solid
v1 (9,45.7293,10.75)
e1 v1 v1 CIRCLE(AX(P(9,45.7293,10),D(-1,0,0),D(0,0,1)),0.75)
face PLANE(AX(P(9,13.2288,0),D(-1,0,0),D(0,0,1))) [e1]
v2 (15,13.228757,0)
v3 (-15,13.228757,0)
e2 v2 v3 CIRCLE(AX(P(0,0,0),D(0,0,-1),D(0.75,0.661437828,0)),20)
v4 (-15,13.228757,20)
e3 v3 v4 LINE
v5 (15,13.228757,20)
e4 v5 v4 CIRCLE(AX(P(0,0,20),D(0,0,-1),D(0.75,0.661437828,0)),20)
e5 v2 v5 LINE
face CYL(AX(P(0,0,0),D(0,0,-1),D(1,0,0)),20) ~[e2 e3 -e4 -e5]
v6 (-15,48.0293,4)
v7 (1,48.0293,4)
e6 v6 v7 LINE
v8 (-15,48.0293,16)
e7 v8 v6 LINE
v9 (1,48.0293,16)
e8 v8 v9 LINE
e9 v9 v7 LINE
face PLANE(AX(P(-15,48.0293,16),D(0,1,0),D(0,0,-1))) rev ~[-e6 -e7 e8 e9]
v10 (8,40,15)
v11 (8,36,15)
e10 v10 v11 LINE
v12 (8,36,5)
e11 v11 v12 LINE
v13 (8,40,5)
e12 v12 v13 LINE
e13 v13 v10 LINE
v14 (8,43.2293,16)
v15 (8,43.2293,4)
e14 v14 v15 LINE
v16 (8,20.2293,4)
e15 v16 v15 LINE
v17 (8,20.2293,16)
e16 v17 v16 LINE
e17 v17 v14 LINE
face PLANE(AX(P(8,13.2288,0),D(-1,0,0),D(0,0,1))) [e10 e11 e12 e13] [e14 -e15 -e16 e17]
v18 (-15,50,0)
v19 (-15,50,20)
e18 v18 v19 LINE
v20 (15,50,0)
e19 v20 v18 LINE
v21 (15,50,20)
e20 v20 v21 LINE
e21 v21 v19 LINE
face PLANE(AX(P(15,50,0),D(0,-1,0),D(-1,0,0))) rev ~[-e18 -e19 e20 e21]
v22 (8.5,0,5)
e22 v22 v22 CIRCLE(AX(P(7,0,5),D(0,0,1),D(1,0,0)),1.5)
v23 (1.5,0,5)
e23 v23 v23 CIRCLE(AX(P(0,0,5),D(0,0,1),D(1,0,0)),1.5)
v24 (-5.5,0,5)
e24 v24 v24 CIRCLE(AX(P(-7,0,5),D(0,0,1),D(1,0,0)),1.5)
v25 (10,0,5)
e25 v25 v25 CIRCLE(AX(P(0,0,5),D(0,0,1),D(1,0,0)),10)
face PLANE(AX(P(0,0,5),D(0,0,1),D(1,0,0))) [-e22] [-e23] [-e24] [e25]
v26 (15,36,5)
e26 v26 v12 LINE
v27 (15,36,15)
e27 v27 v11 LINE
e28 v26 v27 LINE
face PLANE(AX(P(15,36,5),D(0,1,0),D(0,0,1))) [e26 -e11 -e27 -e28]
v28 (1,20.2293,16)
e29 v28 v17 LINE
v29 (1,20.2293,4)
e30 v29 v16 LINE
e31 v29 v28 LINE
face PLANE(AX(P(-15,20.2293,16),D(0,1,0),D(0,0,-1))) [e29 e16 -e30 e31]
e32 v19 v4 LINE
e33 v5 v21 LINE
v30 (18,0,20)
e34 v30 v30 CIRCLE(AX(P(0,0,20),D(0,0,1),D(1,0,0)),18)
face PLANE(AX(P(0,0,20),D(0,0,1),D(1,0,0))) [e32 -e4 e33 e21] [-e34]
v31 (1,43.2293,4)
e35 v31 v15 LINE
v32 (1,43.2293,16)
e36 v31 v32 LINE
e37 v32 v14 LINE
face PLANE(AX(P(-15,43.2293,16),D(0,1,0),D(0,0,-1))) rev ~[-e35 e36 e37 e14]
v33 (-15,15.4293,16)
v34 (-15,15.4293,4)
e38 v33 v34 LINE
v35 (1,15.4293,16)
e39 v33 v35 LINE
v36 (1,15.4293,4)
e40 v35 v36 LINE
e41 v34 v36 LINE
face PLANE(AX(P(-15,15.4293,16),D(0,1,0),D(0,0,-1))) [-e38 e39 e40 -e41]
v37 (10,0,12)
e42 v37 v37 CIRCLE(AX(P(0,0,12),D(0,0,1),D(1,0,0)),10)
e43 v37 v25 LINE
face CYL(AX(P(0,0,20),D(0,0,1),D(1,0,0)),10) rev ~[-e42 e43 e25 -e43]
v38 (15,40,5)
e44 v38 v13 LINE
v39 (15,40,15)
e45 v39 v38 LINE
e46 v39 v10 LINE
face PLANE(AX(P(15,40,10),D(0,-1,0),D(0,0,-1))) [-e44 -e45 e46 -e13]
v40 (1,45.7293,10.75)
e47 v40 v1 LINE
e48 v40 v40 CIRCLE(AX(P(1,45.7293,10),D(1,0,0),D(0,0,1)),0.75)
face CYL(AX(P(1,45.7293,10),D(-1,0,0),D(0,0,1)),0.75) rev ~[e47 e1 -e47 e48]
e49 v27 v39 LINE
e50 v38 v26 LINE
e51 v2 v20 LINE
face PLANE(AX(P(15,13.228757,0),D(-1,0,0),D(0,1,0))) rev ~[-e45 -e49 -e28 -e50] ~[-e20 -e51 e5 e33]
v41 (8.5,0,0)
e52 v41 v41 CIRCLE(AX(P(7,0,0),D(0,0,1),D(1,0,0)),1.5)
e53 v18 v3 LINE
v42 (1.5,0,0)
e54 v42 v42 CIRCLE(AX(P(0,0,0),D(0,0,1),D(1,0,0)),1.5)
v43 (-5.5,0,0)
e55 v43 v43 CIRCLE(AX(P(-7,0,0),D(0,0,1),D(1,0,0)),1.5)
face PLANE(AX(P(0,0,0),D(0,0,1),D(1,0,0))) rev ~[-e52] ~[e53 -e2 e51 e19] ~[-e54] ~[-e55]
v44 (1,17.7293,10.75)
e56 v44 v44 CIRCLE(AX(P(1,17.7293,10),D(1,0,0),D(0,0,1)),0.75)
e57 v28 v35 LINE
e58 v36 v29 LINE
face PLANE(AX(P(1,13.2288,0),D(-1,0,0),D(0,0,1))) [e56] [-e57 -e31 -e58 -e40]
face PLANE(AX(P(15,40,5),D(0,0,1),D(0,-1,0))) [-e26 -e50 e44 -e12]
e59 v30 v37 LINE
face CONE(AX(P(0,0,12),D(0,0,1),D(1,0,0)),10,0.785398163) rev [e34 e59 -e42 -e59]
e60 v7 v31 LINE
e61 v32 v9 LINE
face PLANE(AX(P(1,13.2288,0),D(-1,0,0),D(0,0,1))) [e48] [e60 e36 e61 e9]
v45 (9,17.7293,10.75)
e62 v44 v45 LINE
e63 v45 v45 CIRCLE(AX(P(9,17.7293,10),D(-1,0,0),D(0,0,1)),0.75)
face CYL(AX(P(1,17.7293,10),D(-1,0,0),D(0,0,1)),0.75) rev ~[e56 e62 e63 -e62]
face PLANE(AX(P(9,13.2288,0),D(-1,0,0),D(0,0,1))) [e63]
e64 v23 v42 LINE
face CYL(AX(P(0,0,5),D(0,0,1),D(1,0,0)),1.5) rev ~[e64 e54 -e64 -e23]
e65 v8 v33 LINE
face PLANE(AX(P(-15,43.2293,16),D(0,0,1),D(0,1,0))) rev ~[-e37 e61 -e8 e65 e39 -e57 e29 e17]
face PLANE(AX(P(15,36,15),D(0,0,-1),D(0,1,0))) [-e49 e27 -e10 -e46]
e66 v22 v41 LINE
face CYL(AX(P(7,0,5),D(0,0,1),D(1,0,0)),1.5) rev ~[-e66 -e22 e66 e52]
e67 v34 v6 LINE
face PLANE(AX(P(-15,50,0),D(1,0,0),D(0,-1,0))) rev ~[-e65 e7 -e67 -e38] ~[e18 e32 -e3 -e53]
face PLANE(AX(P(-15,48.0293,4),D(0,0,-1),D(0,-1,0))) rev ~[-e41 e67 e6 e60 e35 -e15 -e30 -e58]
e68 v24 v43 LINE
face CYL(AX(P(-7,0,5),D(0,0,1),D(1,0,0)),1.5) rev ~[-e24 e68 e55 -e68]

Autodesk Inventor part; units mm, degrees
ref_plane "YZ Plane" through (0, 0, 0) normal (1, 0, 0) x (0, 1, 0)
ref_plane "XZ Plane" through (0, 0, 0) normal (0, 1, 0) x (-1, 0, 0)
ref_plane "XY Plane" through (0, 0, 0) normal (0, 0, 1) x (1, 0, 0)
sketch "Sketch1" plane through (0, 0, 0) normal (0, 0, 1) x (1, 0, 0)
  circle A0 centre (0, 0) radius 10
  circle A1 centre (0, 0) radius 20
  line L0 (-15, 0) -> (15, 0)
  line L1 (15, 0) -> (15, 50)
  line L2 (15, 50) -> (-15, 50)
  line L3 (-15, 50) -> (-15, 0)
  point P0 (-15, 13.2288)
  point P1 (15, 13.2288)
  dimension "d0" = 20
  dimension "d1" = 40
  dimension "d2" = 30
  dimension "d3" = 50
extrude "Extrusion1" add sketch "Sketch1" along normal blind 20
sketch "Sketch2" plane through (0, 0, 20) normal (0, 0, 1) x (1, 0, 0)
  circle A0 centre (0, 0) radius 10
  dimension "d6" = 20
extrude "Extrusion2" cut sketch "Sketch2" against normal blind 15
sketch "Sketch3" plane through (0, 0, 20) normal (0, 0, 1) x (1, 0, 0)
  circle A0 centre (0, 0) radius 10 projected
  line L0 (0, 0) -> (6, 0)
  line L1 (6, 0) -> (6, 17)
  line L2 (6, 17) -> (0, 17)
  line L3 (0, 17) -> (0, 0)
  line L4 (0, 0) -> (-6, 0)
  line L5 (-6, 0) -> (-6, 17)
  line L6 (-6, 17) -> (0, 17)
  line L7 (0, 17) -> (0, 0)
  dimension "d9" = 6
  dimension "d10" = 17
  dimension "d11" = 6
  dimension "d12" = 17
sketch "Sketch4" plane through (-15, 13.2288, 0) normal (-1, 0, 0) x (0, 0, 1)
  line L0 (0, 36.7712) -> (20, 36.7712) projected
  line L1 (0, 0) -> (0, 36.7712) projected
  line L2 (20, 36.7712) -> (0, 36.7712)
  line L3 (0, 36.7712) -> (0, 0)
  line L4 (0, 0) -> (20, 0)
  line L5 (20, 0) -> (20, 36.7712)
  line L6 (0, 0) -> (20, 0) projected
  line L7 (20, 36.7712) -> (10, 36.7712)
  line L8 (10, 36.7712) -> (10, 0)
  line L9 (10, 0) -> (20, 0)
  line L10 (20, 0) -> (20, 36.7712)
  line L11 (10, 0) -> (16, 0)
  line L12 (16, 0) -> (16, 25)
  line L13 (16, 25) -> (10, 25)
  line L14 (10, 25) -> (10, 0)
  line L15 (10, 25) -> (4, 25)
  line L16 (4, 25) -> (4, 0)
  line L17 (4, 0) -> (10, 0)
  line L18 (10, 0) -> (10, 25)
  line L19 (4, 25) -> (16, 25)
  line L20 (16, 25) -> (16, 30.0005)
  line L21 (16, 30.0005) -> (4, 30.0005)
  line L22 (4, 30.0005) -> (4, 25)
  line L23 (4, 30.0005) -> (16, 30.0005)
  line L24 (16, 30.0005) -> (16, 7.0005)
  line L25 (16, 7.0005) -> (4, 7.0005)
  line L26 (4, 7.0005) -> (4, 30.0005)
  line L27 (10, 7.0005) -> (16, 7.0005)
  line L28 (16, 7.0005) -> (16, 0)
  line L29 (16, 0) -> (10, 0)
  line L30 (10, 0) -> (10, 7.0005)
  point P0 (0, -13.2288)
  dimension "d13" = 6
  dimension "d14" = 25
  dimension "d15" = 6
  dimension "d16" = 23
extrude "Extrusion3" cut sketch "Sketch4" against normal blind 23 contours L21 L20 L13 L8 | L8 L15 L22 L21 | L13 L12 L25 L8 | L8 L25 L16 L15
sketch "Sketch5" plane through (8, 13.2288, 0) normal (-1, 0, 0) x (0, 0, 1)
  point P0 (0, -13.2288)
sketch "Sketch6" plane through (-15, 13.2288, 0) normal (-1, 0, 0) x (0, 0, 1)
  line L0 (4, 7.0005) -> (4, 30.0005) projected
  line L1 (4, 7.0005) -> (16, 7.0005)
  line L2 (16, 7.0005) -> (16, 2.2005)
  line L3 (16, 2.2005) -> (4, 2.2005)
  line L4 (4, 2.2005) -> (4, 7.0005)
  line L5 (4, 30.0005) -> (16, 30.0005)
  line L6 (16, 30.0005) -> (16, 34.8005)
  line L7 (16, 34.8005) -> (4, 34.8005)
  line L8 (4, 34.8005) -> (4, 30.0005)
  point P0 (0, -13.2288)
  dimension "d19" = 12
  dimension "d20" = 4.8
  dimension "d21" = 4.8
extrude "Extrusion4" cut sketch "Sketch6" against normal blind 16
sketch "Sketch7" plane through (1, 13.2288, 0) normal (-1, 0, 0) x (0, 0, 1)
  line L0 (4, 30.0005) -> (16, 30.0005) projected
  line L1 (4, 30.0005) -> (10, 30.0005)
  line L2 (10, 30.0005) -> (10, 32.5005)
  line L3 (10, 32.5005) -> (4, 32.5005)
  line L4 (4, 32.5005) -> (4, 30.0005)
  circle A0 centre (10, 32.5005) radius 0.75
  line L5 (16, 7.0005) -> (4, 7.0005) projected
  line L6 (16, 7.0005) -> (16, 2.2005) projected
  line L7 (4, 7.0005) -> (16, 7.0005)
  line L8 (16, 7.0005) -> (16, 4.5005)
  line L9 (16, 4.5005) -> (4, 4.5005)
  line L10 (4, 4.5005) -> (4, 7.0005)
  line L11 (10, 4.5005) -> (4, 4.5005)
  line L12 (4, 4.5005) -> (4, 7.0005)
  line L13 (4, 7.0005) -> (10, 7.0005)
  line L14 (10, 7.0005) -> (10, 4.5005)
  circle A1 centre (10, 4.5005) radius 0.75
  point P0 (0, -13.2288)
  dimension "d24" = 2.5
  dimension "d25" = 1.5
  dimension "d26" = 2.5
  dimension "d27" = 1.5
extrude "Extrusion5" cut sketch "Sketch7" against normal blind 8 contours A0 L3 L2 | L2 L3 A0 | A1 L9 L14 | L14 L9 A1 | A1 L9
sketch "Sketch8" plane through (15, 13.2288, 0) normal (1, 0, 0) x (0, 0, -1)
  line L0 (0, 36.7712) -> (0, 0) projected
  line L1 (-20, 36.7712) -> (-20, 0) projected
  line L2 (0, 36.7712) -> (-20, 36.7712)
  line L3 (-20, 36.7712) -> (-20, 26.7712)
  line L4 (-20, 26.7712) -> (0, 26.7712)
  line L5 (0, 26.7712) -> (0, 36.7712)
  line L6 (0, 26.7712) -> (-20, 26.7712)
  line L7 (-20, 26.7712) -> (-20, 18.7712)
  line L8 (-20, 18.7712) -> (0, 18.7712)
  line L9 (0, 18.7712) -> (0, 26.7712)
  line L10 (0, 26.7712) -> (-10, 26.7712)
  line L11 (-10, 26.7712) -> (-10, 18.7712)
  line L12 (-10, 18.7712) -> (0, 18.7712)
  line L13 (0, 18.7712) -> (0, 26.7712)
  line L14 (-10, 26.7712) -> (-5, 26.7712)
  line L15 (-5, 26.7712) -> (-5, 22.7712)
  line L16 (-5, 22.7712) -> (-10, 22.7712)
  line L17 (-10, 22.7712) -> (-10, 26.7712)
  line L18 (-10, 22.7712) -> (-15, 22.7712)
  line L19 (-15, 22.7712) -> (-15, 26.7712)
  line L20 (-15, 26.7712) -> (-10, 26.7712)
  line L21 (-10, 26.7712) -> (-10, 22.7712)
  point P0 (0, -13.2288)
  dimension "d30" = 10
  dimension "d31" = 8
  dimension "d32" = 5
  dimension "d33" = 5
extrude "Extrusion6" cut sketch "Sketch8" against normal blind 15.8125 contours L15 L16 L11 L4 | L11 L18 L19 L4
sketch "Sketch9" plane through (0, 0, 5) normal (0, 0, 1) x (1, 0, 0)
  circle A0 centre (0, 0) radius 1
  circle A1 centre (7, 0) radius 1.5
  circle A2 centre (0, 0) radius 1.5
  circle A3 centre (-7, 0) radius 1.5
  dimension "d36" = 2
  dimension "d37" = 3
  dimension "d38" = 3
  dimension "d39" = 3
extrude "Extrusion7" cut sketch "Sketch9" against normal blind 8 contours A0 | A1 | A2 | A3
chamfer "Chamfer1" distance 8 angle 45 1 edges at (-10, 0, 20)
properties part number "EndConnector"
